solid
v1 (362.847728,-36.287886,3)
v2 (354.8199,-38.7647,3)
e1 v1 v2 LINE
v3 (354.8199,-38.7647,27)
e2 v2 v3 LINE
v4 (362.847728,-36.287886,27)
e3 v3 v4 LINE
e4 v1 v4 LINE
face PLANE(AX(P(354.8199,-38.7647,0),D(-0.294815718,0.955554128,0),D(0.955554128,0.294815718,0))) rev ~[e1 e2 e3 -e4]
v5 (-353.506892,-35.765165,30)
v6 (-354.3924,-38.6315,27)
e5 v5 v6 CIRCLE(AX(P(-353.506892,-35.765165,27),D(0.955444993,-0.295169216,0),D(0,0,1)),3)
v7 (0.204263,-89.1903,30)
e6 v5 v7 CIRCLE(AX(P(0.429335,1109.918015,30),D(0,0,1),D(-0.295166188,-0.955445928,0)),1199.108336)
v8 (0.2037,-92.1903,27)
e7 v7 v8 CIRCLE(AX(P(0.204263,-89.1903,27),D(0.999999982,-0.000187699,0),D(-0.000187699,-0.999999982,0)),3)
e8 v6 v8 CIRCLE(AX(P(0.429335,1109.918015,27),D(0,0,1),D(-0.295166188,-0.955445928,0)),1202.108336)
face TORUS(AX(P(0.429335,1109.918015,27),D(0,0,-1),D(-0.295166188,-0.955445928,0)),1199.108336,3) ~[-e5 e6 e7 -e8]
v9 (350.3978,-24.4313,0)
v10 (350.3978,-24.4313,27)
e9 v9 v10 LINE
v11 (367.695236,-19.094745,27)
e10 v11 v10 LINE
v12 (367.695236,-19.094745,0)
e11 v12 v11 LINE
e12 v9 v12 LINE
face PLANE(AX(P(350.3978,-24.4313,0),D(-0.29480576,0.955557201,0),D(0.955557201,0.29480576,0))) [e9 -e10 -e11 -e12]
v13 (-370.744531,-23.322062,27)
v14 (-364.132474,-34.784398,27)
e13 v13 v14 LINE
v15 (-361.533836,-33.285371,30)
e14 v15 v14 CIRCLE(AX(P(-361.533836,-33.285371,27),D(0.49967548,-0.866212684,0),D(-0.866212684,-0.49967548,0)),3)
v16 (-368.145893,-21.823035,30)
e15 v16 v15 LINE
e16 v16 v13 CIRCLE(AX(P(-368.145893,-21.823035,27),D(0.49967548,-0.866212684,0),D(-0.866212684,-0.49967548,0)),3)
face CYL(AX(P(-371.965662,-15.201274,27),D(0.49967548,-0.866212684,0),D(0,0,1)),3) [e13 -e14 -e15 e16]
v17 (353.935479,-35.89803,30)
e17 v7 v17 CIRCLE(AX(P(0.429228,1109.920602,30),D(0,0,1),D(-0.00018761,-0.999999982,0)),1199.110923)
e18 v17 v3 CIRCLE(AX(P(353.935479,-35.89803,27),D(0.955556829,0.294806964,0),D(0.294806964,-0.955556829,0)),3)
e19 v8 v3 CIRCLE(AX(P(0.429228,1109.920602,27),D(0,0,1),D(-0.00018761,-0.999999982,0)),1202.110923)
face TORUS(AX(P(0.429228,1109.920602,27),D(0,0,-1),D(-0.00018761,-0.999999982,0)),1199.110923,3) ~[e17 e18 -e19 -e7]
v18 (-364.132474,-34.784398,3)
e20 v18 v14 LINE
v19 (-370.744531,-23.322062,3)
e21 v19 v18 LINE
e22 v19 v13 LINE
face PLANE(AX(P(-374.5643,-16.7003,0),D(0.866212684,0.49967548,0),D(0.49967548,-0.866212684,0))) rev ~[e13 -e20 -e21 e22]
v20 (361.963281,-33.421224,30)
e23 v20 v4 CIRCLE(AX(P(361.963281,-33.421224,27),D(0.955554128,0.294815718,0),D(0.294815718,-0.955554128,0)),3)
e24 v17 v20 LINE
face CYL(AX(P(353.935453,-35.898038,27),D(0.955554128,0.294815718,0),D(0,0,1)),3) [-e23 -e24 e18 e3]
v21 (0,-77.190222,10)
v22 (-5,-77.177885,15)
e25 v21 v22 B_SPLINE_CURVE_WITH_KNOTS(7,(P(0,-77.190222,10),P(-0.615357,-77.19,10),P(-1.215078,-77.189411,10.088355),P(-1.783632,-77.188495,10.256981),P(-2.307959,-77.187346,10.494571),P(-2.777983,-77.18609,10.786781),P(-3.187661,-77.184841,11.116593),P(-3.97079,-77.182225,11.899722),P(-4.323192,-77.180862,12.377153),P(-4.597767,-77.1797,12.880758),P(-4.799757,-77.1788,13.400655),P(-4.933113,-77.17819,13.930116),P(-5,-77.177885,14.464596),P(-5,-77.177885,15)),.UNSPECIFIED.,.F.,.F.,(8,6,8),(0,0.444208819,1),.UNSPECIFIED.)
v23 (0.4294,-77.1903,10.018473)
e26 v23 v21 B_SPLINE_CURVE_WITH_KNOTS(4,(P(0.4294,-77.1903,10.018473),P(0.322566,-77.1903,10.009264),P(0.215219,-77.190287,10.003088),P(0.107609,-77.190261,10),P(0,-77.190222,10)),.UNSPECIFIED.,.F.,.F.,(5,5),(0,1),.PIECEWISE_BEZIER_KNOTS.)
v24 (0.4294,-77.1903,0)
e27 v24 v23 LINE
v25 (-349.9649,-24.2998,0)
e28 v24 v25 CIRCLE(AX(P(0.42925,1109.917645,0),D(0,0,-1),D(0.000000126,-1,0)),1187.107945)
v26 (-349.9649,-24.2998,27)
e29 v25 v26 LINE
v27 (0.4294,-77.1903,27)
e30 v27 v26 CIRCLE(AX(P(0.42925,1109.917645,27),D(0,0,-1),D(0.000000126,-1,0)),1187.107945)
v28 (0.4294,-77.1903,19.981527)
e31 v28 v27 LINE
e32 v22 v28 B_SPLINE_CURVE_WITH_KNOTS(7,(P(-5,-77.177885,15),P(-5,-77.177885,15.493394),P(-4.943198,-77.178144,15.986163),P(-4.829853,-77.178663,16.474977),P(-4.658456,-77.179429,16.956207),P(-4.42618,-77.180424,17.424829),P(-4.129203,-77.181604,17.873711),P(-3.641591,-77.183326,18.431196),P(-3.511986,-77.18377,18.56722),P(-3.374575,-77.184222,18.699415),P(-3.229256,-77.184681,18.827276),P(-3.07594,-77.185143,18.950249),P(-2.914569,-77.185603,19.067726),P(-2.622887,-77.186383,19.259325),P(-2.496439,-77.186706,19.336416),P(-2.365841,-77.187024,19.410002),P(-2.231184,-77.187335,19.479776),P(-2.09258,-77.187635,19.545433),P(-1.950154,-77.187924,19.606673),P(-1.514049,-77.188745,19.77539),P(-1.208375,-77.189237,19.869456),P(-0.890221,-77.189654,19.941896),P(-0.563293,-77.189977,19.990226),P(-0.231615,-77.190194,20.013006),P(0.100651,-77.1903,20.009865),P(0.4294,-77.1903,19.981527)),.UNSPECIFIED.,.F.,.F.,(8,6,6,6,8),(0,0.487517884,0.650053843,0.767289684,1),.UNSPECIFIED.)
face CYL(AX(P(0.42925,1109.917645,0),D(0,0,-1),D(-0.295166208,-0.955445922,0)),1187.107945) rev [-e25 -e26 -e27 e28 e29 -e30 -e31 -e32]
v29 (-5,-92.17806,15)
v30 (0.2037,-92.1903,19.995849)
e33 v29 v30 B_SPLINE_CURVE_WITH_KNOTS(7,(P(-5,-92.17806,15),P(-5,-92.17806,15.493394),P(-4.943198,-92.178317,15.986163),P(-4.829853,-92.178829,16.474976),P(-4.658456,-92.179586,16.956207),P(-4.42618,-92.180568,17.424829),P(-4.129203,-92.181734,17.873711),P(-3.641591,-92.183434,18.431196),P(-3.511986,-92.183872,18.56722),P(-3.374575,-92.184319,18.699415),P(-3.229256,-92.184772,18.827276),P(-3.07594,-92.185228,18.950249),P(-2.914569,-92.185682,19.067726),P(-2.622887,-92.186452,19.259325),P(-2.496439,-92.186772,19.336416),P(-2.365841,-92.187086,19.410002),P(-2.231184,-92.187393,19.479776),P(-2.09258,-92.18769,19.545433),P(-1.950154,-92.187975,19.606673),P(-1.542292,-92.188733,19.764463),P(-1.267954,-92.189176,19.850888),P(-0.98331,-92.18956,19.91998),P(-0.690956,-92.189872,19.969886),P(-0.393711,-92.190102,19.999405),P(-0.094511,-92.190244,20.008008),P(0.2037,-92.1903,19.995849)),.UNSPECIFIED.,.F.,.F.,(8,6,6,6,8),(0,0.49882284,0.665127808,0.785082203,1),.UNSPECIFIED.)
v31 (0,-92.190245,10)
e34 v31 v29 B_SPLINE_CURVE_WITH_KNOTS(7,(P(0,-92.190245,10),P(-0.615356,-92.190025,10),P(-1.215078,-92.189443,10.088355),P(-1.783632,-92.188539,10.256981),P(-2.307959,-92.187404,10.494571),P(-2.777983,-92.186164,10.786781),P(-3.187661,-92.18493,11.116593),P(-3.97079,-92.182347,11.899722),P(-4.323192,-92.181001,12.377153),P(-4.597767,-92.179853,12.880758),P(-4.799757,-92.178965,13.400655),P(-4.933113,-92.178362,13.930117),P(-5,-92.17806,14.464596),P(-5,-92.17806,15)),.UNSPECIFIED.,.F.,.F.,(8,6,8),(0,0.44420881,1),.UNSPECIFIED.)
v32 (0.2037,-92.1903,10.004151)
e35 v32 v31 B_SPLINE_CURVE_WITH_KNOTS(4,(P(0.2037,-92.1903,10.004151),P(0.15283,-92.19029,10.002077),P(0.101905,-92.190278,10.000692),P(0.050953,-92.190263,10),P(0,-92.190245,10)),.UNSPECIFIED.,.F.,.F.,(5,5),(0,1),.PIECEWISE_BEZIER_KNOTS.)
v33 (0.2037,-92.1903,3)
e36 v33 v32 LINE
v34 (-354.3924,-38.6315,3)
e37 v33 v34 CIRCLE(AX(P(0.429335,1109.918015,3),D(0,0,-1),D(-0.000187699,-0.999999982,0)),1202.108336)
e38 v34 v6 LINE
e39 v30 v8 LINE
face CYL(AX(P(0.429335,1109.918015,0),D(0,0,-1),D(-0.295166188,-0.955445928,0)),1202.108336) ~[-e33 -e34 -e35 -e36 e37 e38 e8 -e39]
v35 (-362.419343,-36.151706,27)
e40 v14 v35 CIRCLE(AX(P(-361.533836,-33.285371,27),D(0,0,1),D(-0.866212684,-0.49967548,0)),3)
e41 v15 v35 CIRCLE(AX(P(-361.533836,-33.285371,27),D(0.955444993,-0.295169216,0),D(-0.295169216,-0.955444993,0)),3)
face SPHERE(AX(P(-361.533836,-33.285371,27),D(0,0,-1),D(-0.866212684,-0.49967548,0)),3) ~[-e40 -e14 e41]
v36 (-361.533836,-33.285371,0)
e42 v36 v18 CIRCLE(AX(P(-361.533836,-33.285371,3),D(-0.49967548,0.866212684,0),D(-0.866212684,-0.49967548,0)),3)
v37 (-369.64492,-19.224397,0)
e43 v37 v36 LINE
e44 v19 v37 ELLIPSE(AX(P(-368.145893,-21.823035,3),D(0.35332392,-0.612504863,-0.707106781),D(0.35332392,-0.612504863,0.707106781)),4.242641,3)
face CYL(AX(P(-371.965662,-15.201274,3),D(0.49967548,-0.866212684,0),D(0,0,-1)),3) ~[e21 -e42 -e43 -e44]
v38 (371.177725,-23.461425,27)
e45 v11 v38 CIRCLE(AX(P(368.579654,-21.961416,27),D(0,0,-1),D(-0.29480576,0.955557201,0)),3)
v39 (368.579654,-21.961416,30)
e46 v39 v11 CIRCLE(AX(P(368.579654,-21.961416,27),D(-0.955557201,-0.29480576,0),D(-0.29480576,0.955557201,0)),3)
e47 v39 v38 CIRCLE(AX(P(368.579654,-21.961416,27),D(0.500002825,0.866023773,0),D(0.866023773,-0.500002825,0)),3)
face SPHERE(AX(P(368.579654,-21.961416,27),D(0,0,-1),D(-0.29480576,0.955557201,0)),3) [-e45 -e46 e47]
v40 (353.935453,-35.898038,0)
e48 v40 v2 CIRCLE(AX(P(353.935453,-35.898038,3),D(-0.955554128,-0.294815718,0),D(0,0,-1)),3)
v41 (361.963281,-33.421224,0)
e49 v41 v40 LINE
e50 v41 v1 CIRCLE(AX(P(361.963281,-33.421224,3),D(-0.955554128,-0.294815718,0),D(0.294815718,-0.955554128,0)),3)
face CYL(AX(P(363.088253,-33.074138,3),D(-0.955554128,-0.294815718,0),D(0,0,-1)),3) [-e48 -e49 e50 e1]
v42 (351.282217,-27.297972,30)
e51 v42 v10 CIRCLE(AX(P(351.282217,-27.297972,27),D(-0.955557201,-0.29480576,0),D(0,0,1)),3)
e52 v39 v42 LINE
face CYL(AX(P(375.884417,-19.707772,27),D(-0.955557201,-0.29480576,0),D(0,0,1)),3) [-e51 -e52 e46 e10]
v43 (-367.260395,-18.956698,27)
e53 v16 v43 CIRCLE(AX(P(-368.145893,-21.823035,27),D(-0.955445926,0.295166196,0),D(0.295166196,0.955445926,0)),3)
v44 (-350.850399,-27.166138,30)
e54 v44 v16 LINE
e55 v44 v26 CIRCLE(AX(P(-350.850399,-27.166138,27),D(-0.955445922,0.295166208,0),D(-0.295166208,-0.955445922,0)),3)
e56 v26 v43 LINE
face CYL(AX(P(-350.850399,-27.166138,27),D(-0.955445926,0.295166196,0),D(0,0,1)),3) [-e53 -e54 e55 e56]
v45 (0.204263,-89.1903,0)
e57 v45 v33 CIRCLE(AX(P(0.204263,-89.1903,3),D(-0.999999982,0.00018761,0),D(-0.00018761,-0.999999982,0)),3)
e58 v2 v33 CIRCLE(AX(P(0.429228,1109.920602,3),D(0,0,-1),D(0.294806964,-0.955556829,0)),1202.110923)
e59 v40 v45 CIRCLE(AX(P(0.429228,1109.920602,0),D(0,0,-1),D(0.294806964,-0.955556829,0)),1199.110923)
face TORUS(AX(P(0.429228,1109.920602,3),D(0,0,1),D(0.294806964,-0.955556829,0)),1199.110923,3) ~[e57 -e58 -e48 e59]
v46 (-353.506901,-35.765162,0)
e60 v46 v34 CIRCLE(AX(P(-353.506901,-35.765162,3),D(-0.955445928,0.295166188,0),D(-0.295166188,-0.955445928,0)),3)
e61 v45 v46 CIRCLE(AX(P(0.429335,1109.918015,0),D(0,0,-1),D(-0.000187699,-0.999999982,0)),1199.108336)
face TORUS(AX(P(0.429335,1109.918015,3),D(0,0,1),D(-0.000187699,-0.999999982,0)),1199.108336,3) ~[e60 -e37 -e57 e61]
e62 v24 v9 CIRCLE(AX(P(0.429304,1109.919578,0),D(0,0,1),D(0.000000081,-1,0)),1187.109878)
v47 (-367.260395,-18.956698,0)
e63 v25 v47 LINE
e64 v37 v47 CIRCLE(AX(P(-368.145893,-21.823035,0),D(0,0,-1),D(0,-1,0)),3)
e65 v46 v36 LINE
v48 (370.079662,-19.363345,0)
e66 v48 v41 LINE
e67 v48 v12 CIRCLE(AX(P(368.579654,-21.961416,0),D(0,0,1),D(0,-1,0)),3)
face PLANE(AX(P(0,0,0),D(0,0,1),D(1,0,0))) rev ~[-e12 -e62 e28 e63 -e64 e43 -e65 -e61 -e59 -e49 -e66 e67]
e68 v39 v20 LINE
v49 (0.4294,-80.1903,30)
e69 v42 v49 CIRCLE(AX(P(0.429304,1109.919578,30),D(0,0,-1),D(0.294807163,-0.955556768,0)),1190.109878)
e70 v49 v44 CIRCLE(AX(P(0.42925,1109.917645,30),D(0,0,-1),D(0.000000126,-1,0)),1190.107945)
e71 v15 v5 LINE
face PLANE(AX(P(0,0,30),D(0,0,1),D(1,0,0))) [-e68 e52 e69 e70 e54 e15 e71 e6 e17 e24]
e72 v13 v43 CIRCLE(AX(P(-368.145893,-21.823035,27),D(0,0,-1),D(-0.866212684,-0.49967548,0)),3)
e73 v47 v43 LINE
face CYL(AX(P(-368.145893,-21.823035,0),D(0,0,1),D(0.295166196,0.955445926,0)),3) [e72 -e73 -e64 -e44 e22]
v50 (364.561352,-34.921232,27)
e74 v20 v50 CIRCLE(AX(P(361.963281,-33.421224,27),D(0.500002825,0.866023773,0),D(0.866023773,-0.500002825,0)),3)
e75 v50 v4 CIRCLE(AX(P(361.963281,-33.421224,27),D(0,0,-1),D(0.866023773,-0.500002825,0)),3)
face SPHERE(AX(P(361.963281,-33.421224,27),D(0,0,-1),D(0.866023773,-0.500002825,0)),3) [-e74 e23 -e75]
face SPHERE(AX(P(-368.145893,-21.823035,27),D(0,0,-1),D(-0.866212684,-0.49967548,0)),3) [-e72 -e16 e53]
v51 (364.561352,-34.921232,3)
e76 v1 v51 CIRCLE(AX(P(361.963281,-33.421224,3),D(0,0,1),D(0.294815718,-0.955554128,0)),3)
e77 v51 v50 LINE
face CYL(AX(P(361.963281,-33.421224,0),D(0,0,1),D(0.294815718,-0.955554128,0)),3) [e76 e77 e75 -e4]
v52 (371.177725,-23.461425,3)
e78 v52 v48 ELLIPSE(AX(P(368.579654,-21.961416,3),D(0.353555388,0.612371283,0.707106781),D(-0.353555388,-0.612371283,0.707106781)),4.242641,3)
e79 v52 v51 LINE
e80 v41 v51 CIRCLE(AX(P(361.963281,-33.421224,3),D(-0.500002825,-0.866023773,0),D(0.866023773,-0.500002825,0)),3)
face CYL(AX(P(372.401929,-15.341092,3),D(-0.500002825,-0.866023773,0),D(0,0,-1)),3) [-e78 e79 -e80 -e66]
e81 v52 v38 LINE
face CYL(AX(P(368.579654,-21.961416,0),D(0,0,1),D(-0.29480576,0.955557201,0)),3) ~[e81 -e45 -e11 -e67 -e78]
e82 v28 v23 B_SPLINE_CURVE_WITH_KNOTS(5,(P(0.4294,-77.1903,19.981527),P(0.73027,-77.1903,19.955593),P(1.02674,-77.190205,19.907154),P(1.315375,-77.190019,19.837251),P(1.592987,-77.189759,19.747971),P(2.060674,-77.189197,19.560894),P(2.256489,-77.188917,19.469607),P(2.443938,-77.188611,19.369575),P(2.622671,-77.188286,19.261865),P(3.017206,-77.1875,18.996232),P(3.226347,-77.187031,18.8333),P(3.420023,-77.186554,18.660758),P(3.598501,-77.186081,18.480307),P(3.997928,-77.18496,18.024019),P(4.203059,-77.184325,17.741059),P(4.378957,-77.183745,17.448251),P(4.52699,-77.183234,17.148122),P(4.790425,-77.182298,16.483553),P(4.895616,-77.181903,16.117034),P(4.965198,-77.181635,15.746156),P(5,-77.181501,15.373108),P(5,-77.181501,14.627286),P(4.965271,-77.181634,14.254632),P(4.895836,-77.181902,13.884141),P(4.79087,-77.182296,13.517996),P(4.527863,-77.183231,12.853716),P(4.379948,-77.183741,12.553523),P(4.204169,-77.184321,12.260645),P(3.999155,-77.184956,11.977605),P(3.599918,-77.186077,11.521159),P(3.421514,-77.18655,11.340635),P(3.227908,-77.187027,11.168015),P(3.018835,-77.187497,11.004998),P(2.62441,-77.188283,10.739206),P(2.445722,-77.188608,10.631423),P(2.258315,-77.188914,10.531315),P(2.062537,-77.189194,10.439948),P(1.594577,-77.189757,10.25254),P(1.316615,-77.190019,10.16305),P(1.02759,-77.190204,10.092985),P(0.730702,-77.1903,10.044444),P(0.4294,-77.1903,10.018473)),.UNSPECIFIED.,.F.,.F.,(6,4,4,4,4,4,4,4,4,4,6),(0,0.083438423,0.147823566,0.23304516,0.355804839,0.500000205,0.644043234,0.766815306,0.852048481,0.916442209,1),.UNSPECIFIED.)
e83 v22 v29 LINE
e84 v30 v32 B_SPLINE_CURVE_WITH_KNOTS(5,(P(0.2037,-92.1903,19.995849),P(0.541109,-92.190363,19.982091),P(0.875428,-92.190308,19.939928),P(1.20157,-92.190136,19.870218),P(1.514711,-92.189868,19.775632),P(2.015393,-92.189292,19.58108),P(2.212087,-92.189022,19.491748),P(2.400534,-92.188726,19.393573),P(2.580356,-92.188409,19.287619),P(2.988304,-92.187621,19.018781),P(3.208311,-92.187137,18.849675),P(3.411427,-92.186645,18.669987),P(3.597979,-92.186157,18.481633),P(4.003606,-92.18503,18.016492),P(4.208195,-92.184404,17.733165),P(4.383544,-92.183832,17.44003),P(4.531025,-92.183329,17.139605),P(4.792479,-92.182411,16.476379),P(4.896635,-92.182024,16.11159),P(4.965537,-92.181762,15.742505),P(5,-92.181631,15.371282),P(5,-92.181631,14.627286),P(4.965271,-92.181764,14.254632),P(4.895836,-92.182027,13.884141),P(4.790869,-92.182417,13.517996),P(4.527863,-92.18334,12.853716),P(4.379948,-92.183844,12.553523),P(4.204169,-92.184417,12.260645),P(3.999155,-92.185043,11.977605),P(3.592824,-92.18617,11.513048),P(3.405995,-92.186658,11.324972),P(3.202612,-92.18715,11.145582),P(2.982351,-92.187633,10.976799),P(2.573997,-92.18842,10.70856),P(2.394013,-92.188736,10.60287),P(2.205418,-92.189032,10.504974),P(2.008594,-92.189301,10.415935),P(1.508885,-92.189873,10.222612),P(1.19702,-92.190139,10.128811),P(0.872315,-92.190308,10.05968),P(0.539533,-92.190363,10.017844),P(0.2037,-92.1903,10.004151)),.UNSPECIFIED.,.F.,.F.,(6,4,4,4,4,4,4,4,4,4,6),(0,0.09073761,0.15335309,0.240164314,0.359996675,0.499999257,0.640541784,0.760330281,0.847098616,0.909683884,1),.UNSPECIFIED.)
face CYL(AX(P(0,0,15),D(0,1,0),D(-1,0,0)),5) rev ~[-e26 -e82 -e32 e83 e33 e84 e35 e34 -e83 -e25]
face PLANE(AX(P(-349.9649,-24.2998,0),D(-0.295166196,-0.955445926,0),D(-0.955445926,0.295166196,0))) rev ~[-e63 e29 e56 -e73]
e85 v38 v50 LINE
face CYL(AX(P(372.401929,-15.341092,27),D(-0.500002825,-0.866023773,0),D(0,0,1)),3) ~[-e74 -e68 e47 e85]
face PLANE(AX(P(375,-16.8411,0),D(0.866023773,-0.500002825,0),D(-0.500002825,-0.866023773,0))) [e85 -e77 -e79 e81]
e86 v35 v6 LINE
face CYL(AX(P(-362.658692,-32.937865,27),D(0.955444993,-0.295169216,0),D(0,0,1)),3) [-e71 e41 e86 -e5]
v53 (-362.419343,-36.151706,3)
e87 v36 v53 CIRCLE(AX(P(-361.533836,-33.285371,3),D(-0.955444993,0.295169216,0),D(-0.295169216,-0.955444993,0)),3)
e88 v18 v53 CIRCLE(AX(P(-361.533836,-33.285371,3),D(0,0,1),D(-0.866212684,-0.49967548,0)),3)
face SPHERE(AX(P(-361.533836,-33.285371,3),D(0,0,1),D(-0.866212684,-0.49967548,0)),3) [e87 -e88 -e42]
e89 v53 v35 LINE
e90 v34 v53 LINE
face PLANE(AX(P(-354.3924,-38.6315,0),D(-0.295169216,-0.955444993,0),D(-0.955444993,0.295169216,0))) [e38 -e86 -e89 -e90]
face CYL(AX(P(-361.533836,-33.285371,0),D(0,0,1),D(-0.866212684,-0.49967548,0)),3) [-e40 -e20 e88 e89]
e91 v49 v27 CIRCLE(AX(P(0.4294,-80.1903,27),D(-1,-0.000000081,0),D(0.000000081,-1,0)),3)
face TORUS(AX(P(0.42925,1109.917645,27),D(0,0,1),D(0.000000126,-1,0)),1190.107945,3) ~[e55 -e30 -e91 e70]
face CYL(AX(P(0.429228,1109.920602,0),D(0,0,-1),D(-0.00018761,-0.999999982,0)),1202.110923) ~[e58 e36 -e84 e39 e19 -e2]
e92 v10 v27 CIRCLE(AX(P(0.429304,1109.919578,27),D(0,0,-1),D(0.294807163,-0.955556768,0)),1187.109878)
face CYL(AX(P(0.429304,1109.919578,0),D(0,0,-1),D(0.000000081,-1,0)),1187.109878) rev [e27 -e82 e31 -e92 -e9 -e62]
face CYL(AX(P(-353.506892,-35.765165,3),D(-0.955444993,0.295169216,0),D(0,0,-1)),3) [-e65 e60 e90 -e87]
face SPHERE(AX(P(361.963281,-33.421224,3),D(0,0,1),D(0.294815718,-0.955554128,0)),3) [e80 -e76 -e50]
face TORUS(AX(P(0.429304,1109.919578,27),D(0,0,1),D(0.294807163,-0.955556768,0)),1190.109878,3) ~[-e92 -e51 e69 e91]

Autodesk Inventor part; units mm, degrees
ref_plane "YZ Plane" through (0, 0, 0) normal (1, 0, 0) x (0, 1, 0)
ref_plane "XZ Plane" through (0, 0, 0) normal (0, 1, 0) x (-1, 0, 0)
ref_plane "XY Plane" through (0, 0, 0) normal (0, 0, 1) x (1, 0, 0)
sketch "Sketch1" plane through (0, 0, 0) normal (0, 0, 1) x (1, 0, 0)
  arc A0 (0.4294, -77.1903) -> (350.3978, -24.4313) centre (0.4294, 1109.9183) ccw
  arc A1 (0.2037, -92.1903) -> (354.8199, -38.7647) centre (0.4294, 1109.9183) ccw
  line L0 (0.2076, -71.1704) -> (0.2037, -92.1903)
  line L1 (350.3978, -24.4313) -> (372.3, -24.4313) construction
  line L2 (0, 0) -> (375, 0)
  line L3 (375, 0) -> (375, -16.8411)
  line L4 (350.3978, -24.4313) -> (375, -16.8411)
  line L5 (354.8199, -38.7647) -> (363.9727, -35.9408)
  line L6 (375, -16.8411) -> (363.9727, -35.9408)
  line L7 (375, -16.8411) -> (397.0545, -16.8411) construction
  arc A2 (-349.9649, -24.2998) -> (0.4294, -77.1903) centre (0.4294, 1109.9183) ccw
  arc A3 (-354.3924, -38.6315) -> (0.2037, -92.1903) centre (0.4294, 1109.9183) ccw
  line L8 (-349.9649, -24.2998) -> (-374.5643, -16.7003)
  line L9 (-354.3924, -38.6315) -> (-363.5442, -35.8042)
  line L10 (-374.5643, -16.7003) -> (-363.5442, -35.8042)
  arc A4 (0.4294, -107.1903) -> (359.242, -53.098) centre (0.4294, 1109.9183) ccw
  line L11 (359.242, -53.098) -> (374.0198, -48.5388)
  line L12 (374.0198, -48.5388) -> (388.2749, -23.8483)
  point P0 (350.1634, -39.5425)
  point P1 (287.1787, -57.4891)
  dimension "d0" = 15
  dimension "d12" = 375
  dimension "d13" = 120
  dimension "d15" = 15
extrude "Extrusion1" add sketch "Sketch1" along normal blind 30
sketch "Sketch2" plane through (0, 0, 0) normal (0, 1, 0) x (-1, 0, 0)
  line L0 (0, 0) -> (0, 15)
  circle A0 centre (0, 15) radius 5
  dimension "d5" = 15
  dimension "d6" = 10
extrude "Extrusion2" cut sketch "Sketch2" against normal blind 300
fillet "Fillet5" radius 3 17 edges at (359.3963, -37.3527, 30) (-358.9683, -37.2179, 30) (179.5153, -78.7757, 30) (-358.9683, -37.2179, 0) (359.3963, -37.3527, 0) (179.5153, -78.7757, 0) (-363.5442, -35.8042, 15) (-369.0543, -26.2523, 30) (-362.2646, -20.5001, 30) (362.6989, -20.6362, 30) (-176.7524, -63.8932, 30) (-369.0543, -26.2523, 0) (-374.5643, -16.7003, 15) (369.4864, -26.3909, 0) (363.9727, -35.9408, 15) (369.4864, -26.3909, 30) (375, -16.8411, 15)
properties part number "leaf 22" material "Steel, Carbon"
